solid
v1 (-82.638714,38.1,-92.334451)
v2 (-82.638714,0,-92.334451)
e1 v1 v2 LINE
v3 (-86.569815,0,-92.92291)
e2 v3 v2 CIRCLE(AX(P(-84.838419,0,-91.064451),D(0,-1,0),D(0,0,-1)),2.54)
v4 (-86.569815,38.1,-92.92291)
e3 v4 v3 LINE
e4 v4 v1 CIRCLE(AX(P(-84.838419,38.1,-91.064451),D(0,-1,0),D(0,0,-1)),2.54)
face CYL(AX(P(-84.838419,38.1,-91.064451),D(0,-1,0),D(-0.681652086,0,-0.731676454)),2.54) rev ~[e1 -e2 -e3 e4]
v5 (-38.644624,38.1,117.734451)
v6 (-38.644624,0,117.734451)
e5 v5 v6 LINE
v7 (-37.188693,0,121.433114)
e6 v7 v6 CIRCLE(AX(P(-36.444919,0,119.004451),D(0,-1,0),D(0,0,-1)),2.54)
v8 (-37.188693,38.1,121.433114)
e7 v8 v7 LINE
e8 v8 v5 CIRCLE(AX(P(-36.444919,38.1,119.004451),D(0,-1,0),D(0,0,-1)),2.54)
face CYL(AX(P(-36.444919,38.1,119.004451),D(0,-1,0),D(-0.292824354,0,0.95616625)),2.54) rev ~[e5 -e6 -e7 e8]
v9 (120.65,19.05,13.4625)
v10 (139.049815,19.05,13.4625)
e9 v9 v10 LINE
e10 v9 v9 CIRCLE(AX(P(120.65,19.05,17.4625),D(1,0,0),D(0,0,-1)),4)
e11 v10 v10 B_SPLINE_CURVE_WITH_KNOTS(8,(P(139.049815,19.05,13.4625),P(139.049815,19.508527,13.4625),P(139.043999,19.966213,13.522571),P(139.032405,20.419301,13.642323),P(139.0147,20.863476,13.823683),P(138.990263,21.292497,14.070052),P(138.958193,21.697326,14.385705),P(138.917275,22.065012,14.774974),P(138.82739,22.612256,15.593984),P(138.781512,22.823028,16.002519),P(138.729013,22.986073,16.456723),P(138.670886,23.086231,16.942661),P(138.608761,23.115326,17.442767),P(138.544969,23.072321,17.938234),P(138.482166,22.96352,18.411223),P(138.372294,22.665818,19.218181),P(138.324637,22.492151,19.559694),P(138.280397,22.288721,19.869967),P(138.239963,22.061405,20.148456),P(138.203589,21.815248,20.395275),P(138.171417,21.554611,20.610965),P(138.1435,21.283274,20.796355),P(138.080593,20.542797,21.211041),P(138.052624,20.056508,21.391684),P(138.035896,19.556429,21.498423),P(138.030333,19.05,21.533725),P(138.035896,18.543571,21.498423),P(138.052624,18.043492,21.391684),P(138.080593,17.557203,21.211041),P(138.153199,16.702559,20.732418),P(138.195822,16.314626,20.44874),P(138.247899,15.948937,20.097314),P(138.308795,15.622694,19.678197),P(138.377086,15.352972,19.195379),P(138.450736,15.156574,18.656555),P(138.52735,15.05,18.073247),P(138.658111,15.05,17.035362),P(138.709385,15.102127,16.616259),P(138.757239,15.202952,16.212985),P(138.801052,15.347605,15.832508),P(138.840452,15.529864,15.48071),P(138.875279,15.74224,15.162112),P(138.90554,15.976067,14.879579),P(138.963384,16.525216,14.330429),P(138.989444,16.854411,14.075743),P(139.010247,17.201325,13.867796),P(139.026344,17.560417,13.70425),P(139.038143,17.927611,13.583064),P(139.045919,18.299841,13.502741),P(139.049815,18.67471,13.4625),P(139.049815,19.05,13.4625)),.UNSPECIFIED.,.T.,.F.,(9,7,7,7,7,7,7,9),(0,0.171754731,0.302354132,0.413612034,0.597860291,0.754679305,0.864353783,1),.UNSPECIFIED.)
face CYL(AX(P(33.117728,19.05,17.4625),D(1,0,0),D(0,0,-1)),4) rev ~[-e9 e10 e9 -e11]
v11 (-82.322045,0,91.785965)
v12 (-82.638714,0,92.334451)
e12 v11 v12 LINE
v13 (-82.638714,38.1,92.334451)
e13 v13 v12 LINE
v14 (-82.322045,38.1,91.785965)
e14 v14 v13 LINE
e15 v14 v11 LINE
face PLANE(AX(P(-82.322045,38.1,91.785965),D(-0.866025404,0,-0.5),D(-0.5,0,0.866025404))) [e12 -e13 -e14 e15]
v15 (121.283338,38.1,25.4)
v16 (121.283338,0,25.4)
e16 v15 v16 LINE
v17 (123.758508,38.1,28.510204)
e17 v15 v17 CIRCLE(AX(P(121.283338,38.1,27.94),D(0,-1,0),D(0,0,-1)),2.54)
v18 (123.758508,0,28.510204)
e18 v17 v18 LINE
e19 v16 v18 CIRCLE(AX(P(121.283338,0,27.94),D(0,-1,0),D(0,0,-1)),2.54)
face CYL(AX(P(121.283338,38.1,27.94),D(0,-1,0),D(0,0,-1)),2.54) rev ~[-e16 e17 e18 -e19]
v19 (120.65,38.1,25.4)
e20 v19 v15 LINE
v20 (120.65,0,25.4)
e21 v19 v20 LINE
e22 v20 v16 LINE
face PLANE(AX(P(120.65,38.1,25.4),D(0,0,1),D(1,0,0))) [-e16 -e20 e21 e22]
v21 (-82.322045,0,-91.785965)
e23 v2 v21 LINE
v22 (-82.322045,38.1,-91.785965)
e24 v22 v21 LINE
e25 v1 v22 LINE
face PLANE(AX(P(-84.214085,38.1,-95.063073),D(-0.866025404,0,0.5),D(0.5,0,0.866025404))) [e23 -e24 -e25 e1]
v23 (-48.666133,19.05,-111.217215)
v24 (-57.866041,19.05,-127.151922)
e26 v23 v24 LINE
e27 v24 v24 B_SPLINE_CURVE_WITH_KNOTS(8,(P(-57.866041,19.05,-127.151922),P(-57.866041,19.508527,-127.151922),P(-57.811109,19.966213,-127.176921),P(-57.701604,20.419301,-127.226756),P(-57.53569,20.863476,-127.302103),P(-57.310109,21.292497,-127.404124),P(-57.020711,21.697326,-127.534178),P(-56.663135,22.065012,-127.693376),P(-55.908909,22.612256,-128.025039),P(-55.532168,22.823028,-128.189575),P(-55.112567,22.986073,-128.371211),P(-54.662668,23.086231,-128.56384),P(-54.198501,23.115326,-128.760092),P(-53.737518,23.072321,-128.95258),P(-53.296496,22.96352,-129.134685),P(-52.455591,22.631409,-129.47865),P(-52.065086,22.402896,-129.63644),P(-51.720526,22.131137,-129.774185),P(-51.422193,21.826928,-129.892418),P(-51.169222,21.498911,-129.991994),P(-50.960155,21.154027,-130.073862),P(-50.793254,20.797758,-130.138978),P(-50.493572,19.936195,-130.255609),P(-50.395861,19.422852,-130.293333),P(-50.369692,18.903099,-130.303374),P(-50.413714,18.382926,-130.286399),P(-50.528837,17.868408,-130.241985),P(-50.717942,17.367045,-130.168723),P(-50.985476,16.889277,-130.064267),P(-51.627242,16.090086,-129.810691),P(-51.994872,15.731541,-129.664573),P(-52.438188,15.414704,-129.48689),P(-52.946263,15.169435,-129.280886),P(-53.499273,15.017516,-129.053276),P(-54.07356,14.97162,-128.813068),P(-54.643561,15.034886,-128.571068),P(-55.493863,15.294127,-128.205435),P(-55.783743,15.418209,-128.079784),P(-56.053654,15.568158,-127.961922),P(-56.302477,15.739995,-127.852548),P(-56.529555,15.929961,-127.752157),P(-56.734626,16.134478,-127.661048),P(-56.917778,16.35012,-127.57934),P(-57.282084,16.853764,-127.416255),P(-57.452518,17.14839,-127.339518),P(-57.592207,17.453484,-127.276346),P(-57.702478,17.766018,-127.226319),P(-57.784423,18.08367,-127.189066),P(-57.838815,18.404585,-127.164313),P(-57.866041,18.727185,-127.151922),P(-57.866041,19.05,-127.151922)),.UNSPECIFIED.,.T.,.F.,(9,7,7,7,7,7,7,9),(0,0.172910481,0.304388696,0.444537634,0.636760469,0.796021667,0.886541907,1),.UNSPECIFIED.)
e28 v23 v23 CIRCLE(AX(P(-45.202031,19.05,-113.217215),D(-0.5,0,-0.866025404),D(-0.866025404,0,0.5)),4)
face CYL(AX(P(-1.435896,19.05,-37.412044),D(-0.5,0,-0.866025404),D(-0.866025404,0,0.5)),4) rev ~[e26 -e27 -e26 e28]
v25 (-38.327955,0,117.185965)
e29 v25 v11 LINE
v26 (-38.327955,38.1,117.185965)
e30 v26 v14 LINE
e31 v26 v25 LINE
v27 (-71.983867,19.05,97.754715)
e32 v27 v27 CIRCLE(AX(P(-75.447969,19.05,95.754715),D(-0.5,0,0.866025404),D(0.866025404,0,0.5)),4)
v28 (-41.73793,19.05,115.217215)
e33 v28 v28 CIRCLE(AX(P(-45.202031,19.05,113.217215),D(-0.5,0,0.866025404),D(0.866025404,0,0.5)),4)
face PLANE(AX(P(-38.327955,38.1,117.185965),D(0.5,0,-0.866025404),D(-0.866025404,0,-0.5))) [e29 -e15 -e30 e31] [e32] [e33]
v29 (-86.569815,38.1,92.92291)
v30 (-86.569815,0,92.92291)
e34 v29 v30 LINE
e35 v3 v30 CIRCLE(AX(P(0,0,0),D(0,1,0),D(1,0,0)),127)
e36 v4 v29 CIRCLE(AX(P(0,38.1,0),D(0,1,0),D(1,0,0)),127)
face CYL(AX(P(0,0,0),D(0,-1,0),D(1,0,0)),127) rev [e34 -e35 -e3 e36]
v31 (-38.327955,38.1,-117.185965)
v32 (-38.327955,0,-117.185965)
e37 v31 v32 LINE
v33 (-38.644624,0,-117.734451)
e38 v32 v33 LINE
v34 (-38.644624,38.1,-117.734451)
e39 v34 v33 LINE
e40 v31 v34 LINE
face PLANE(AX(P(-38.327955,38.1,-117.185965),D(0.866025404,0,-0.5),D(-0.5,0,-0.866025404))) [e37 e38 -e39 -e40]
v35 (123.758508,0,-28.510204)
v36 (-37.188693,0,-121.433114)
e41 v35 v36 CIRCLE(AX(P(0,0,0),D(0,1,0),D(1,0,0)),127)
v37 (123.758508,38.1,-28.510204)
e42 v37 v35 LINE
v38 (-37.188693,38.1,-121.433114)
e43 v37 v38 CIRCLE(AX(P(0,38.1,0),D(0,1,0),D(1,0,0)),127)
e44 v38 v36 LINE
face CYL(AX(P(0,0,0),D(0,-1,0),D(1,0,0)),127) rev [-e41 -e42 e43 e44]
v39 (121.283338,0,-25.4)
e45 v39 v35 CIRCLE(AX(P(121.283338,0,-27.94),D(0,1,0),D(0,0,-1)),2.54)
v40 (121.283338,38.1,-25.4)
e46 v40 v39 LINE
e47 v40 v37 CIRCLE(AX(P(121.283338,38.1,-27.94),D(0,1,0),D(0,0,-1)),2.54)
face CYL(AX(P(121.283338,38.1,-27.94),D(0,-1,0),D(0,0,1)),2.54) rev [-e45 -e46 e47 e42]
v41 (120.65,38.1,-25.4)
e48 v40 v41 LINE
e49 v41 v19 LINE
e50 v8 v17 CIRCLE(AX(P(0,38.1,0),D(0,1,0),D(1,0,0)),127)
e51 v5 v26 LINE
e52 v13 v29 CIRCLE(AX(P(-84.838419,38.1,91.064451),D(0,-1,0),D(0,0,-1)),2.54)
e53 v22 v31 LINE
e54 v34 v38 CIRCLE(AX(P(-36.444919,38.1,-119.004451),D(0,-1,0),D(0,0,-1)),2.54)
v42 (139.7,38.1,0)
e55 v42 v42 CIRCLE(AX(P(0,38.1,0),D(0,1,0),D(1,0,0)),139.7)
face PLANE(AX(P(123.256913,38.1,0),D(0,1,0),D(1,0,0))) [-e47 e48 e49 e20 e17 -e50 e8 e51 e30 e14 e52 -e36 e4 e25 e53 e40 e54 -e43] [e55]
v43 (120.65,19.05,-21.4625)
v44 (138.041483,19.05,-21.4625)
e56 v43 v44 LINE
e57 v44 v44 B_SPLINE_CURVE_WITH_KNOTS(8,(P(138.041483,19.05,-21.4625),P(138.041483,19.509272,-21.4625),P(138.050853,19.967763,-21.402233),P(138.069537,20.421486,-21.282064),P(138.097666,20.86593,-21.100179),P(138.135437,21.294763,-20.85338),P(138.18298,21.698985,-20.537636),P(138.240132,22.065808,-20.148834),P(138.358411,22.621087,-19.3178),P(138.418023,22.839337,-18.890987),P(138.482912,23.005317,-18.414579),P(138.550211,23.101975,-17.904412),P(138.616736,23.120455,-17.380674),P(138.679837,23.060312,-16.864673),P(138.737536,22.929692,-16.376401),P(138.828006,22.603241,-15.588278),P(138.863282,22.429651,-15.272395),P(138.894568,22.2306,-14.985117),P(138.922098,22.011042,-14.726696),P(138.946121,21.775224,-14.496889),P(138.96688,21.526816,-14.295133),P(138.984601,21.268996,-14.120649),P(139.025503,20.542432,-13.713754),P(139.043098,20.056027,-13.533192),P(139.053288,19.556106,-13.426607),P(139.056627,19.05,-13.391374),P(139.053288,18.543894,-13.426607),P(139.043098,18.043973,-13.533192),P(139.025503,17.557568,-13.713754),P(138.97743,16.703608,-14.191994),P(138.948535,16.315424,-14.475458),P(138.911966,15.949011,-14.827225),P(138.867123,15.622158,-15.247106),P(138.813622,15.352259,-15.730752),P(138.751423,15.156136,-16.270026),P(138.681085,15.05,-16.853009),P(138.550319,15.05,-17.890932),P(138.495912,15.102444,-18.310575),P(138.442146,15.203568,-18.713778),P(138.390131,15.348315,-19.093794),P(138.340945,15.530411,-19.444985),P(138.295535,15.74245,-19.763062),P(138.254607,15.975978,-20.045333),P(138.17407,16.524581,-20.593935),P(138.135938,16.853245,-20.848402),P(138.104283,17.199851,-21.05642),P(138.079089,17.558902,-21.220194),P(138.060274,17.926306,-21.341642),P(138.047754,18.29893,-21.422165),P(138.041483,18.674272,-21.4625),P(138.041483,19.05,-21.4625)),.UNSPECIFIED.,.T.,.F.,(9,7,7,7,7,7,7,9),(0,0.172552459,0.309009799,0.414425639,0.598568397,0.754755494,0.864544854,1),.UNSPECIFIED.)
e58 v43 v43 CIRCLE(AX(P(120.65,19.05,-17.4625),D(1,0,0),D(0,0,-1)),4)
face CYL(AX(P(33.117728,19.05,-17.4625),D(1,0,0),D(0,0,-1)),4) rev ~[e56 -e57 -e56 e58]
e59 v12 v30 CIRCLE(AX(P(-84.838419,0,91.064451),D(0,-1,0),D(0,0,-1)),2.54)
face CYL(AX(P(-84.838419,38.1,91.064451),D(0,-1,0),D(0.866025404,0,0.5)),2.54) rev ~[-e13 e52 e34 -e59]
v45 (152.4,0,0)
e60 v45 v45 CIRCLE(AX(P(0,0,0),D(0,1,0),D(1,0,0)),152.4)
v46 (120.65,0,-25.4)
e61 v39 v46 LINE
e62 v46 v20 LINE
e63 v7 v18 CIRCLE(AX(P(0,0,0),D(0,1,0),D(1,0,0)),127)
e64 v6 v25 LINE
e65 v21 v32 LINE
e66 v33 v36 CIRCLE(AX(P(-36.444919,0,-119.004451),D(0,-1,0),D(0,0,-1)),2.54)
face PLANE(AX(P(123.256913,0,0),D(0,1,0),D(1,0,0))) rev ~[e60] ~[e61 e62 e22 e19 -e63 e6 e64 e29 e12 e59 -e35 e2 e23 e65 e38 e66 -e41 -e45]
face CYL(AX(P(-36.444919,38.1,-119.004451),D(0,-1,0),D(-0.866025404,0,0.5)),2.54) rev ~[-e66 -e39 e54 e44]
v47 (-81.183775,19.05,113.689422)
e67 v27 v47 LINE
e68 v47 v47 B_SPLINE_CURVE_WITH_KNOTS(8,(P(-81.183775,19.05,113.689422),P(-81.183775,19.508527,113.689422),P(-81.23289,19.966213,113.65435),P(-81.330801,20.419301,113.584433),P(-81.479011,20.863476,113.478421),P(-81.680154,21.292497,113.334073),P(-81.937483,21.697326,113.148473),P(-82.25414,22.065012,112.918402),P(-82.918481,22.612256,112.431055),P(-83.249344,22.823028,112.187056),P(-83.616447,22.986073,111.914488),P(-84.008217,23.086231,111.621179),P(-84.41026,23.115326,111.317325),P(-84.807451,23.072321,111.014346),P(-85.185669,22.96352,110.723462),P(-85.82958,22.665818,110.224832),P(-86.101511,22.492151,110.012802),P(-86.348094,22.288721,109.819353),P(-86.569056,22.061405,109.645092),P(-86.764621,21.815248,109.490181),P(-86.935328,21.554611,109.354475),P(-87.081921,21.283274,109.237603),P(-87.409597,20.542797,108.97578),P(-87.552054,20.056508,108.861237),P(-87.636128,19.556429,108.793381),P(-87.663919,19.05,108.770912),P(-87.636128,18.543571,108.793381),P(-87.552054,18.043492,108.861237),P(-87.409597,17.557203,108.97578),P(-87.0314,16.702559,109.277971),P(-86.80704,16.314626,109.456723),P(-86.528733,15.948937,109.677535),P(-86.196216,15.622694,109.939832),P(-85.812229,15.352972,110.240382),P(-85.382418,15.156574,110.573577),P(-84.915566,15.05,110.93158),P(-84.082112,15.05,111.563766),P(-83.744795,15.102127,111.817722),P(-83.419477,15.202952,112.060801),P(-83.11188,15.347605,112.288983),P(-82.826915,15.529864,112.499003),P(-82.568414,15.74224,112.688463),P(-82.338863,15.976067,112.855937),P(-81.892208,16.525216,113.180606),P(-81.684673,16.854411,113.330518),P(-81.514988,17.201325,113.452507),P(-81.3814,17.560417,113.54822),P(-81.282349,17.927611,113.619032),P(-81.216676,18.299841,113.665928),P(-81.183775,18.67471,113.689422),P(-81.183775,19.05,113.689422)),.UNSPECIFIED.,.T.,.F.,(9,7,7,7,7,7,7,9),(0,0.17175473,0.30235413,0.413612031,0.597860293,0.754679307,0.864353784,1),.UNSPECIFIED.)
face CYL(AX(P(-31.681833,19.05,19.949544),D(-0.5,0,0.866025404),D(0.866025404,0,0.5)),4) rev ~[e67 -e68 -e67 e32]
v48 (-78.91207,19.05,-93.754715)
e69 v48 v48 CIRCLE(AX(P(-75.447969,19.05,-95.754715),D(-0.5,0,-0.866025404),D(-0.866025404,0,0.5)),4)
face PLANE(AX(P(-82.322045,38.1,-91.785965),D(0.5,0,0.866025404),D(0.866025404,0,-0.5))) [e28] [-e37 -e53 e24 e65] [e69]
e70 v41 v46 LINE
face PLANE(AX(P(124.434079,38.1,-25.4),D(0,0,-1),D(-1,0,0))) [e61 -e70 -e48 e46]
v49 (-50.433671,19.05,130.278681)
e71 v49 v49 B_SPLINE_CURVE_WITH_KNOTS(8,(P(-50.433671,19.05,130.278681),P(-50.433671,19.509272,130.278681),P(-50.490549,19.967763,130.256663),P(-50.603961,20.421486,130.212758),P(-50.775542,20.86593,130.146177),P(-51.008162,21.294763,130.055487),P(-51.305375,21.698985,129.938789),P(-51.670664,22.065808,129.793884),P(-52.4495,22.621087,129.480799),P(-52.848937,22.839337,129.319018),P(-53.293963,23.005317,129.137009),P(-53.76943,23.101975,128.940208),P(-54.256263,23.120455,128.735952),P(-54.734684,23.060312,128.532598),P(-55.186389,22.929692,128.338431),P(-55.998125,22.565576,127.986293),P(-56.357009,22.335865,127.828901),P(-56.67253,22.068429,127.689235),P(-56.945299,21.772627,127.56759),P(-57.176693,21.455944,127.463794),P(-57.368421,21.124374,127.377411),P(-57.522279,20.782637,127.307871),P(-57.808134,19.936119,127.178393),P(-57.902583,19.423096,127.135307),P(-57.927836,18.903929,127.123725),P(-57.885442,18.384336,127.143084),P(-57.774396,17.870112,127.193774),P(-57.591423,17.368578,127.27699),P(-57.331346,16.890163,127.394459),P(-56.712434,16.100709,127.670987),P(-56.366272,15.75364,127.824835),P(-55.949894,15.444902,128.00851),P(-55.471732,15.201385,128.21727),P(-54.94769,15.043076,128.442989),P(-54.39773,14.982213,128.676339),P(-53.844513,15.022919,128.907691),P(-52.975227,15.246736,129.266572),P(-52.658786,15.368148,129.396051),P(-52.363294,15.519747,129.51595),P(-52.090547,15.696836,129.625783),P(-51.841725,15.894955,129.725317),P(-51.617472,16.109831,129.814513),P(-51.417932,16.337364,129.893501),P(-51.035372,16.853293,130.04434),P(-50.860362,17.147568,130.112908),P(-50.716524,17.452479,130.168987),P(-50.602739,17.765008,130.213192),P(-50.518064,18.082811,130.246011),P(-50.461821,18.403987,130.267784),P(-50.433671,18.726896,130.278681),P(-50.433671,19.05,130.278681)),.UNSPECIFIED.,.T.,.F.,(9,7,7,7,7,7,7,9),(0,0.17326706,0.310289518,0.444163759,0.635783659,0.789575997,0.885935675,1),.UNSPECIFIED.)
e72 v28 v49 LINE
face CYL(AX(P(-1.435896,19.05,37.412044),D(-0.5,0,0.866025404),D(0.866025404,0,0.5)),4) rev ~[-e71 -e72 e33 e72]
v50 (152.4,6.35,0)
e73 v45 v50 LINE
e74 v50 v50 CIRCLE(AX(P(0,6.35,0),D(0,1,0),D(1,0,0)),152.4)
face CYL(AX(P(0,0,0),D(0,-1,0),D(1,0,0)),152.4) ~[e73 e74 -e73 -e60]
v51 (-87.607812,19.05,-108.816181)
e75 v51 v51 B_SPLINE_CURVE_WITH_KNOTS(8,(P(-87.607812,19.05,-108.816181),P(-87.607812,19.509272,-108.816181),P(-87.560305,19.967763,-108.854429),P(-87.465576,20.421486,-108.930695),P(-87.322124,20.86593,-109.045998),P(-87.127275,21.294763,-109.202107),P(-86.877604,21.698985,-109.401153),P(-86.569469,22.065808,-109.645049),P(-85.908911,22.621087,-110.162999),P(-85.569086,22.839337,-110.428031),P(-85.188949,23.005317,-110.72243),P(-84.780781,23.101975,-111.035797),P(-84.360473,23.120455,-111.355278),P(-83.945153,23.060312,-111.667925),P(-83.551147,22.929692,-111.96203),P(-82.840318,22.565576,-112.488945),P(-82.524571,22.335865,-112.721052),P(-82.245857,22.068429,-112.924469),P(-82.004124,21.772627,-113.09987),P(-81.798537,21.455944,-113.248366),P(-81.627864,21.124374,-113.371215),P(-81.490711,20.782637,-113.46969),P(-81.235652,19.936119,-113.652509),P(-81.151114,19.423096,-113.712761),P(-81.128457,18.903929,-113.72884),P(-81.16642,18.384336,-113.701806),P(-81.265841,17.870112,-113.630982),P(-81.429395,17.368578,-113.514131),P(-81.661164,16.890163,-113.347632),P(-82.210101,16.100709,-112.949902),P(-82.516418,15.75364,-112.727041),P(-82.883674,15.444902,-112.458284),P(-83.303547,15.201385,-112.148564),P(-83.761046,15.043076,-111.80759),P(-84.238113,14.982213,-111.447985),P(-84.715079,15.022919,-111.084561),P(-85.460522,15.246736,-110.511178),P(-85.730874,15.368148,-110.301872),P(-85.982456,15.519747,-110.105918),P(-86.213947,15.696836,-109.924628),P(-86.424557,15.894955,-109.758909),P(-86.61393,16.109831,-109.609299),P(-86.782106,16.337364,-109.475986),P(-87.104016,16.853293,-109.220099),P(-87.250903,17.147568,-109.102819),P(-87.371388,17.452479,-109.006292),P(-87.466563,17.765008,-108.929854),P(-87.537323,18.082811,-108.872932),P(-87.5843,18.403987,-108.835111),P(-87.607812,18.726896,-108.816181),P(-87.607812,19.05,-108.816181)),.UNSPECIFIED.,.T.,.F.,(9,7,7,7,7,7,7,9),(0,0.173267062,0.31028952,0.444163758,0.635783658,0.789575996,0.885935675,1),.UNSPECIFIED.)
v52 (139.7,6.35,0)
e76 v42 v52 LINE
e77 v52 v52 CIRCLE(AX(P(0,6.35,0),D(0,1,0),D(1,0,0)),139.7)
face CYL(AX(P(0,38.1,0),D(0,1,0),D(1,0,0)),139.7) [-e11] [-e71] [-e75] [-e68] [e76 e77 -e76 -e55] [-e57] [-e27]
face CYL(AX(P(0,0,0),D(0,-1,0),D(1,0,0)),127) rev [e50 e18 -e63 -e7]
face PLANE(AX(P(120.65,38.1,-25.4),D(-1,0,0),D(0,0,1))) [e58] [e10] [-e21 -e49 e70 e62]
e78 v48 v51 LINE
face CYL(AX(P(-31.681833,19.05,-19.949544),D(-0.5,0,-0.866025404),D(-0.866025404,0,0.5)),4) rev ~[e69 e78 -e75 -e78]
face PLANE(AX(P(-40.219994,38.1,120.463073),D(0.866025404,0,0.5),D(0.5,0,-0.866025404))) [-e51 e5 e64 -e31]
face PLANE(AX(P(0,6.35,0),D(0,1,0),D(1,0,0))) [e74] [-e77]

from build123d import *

# Parameters (mm, degrees)
SKETCH1_R                = 152.4
SKETCH1_R_2              = 127
BOSS_EXTRUDE1_DEPTH      = 38.1
SKETCH2_R                = 152.4
SKETCH2_R_2              = 139.7
CUT_EXTRUDE1_DEPTH       = 31.75
BOSS_EXTRUDE2_DEPTH      = 38.1
FILLET1_R                = 2.54
HOLE1_D                  = 8
HOLE1_DEPTH              = 87.532271537
CIRPATTERN1_COUNT        = 3
FILLET1_OF_CIRPATTERN1_R = 2.54


with BuildPart() as part:
    # Sketch1 → Boss-Extrude1 (new body)
    with BuildSketch(Plane(origin=(0, 0, 0), x_dir=(1, 0, 0), z_dir=(0, 1, 0))):
        Circle(SKETCH1_R)
        Circle(SKETCH1_R_2, mode=Mode.SUBTRACT)
    extrude(amount=BOSS_EXTRUDE1_DEPTH)

    # Sketch2 → Cut-Extrude1 (cut)
    with BuildSketch(Plane(origin=(0, 38.1, 0), x_dir=(1, 0, 0), z_dir=(0, 1, 0))):
        Circle(SKETCH2_R)
        Circle(SKETCH2_R_2, mode=Mode.SUBTRACT)
    extrude(amount=-CUT_EXTRUDE1_DEPTH, mode=Mode.SUBTRACT)

    # Sketch3 → Boss-Extrude2 (add, through all)
    with BuildSketch(Plane(origin=(0, 38.1, 0), x_dir=(1, 0, 0), z_dir=(0, 1, 0))):
        with BuildLine():
            Line((120.65, 25.4), (120.65, -25.4))
            Line((120.65, -25.4), (124.434078933, -25.4))
            ThreePointArc((124.434078933, -25.4), (127, 0), (124.434078933, 25.4))
            Line((124.434078933, 25.4), (120.65, 25.4))
        make_face()
    boss_extrude2 = extrude(amount=-BOSS_EXTRUDE2_DEPTH)

    # Fillet1
    fillet1_edges = [part.edges().sort_by_distance(p)[0] for p in [
        (124.434078933, 19.05, -25.4),
        (124.434078933, 19.05, 25.4),
    ]]
    fillet(fillet1_edges, radius=FILLET1_R)

    # Hole1
    with Locations(Plane(origin=(120.65, 0, -417.943859866), x_dir=(0, 0, 1), z_dir=(-1, 0, 0))):
        with Locations((400.481359866, 19.05), (435.406359866, 19.05)):
            hole1 = Hole(HOLE1_D / 2, depth=HOLE1_DEPTH)

    # CirPattern1: Boss-Extrude2, Hole1 ×3 about axis
    cirpattern1_axis = Axis((0, 0, 0), (0, 1, 0))
    for i in range(1, CIRPATTERN1_COUNT):
        add(boss_extrude2.rotate(cirpattern1_axis, i * 360 / CIRPATTERN1_COUNT))
        add(hole1.rotate(cirpattern1_axis, i * 360 / CIRPATTERN1_COUNT), mode=Mode.SUBTRACT)

    # Fillet1 of CirPattern1
    fillet1_of_cirpattern1_edges = [part.edges().sort_by_distance(p)[0] for p in [
        (-84.214084723, 19.05, -95.063073453),
        (-40.219994211, 19.05, -120.463073453),
        (-40.219994211, 19.05, 120.463073453),
        (-84.214084723, 19.05, 95.063073453),
    ]]
    fillet(fillet1_of_cirpattern1_edges, radius=FILLET1_OF_CIRPATTERN1_R)


solid = part.part
